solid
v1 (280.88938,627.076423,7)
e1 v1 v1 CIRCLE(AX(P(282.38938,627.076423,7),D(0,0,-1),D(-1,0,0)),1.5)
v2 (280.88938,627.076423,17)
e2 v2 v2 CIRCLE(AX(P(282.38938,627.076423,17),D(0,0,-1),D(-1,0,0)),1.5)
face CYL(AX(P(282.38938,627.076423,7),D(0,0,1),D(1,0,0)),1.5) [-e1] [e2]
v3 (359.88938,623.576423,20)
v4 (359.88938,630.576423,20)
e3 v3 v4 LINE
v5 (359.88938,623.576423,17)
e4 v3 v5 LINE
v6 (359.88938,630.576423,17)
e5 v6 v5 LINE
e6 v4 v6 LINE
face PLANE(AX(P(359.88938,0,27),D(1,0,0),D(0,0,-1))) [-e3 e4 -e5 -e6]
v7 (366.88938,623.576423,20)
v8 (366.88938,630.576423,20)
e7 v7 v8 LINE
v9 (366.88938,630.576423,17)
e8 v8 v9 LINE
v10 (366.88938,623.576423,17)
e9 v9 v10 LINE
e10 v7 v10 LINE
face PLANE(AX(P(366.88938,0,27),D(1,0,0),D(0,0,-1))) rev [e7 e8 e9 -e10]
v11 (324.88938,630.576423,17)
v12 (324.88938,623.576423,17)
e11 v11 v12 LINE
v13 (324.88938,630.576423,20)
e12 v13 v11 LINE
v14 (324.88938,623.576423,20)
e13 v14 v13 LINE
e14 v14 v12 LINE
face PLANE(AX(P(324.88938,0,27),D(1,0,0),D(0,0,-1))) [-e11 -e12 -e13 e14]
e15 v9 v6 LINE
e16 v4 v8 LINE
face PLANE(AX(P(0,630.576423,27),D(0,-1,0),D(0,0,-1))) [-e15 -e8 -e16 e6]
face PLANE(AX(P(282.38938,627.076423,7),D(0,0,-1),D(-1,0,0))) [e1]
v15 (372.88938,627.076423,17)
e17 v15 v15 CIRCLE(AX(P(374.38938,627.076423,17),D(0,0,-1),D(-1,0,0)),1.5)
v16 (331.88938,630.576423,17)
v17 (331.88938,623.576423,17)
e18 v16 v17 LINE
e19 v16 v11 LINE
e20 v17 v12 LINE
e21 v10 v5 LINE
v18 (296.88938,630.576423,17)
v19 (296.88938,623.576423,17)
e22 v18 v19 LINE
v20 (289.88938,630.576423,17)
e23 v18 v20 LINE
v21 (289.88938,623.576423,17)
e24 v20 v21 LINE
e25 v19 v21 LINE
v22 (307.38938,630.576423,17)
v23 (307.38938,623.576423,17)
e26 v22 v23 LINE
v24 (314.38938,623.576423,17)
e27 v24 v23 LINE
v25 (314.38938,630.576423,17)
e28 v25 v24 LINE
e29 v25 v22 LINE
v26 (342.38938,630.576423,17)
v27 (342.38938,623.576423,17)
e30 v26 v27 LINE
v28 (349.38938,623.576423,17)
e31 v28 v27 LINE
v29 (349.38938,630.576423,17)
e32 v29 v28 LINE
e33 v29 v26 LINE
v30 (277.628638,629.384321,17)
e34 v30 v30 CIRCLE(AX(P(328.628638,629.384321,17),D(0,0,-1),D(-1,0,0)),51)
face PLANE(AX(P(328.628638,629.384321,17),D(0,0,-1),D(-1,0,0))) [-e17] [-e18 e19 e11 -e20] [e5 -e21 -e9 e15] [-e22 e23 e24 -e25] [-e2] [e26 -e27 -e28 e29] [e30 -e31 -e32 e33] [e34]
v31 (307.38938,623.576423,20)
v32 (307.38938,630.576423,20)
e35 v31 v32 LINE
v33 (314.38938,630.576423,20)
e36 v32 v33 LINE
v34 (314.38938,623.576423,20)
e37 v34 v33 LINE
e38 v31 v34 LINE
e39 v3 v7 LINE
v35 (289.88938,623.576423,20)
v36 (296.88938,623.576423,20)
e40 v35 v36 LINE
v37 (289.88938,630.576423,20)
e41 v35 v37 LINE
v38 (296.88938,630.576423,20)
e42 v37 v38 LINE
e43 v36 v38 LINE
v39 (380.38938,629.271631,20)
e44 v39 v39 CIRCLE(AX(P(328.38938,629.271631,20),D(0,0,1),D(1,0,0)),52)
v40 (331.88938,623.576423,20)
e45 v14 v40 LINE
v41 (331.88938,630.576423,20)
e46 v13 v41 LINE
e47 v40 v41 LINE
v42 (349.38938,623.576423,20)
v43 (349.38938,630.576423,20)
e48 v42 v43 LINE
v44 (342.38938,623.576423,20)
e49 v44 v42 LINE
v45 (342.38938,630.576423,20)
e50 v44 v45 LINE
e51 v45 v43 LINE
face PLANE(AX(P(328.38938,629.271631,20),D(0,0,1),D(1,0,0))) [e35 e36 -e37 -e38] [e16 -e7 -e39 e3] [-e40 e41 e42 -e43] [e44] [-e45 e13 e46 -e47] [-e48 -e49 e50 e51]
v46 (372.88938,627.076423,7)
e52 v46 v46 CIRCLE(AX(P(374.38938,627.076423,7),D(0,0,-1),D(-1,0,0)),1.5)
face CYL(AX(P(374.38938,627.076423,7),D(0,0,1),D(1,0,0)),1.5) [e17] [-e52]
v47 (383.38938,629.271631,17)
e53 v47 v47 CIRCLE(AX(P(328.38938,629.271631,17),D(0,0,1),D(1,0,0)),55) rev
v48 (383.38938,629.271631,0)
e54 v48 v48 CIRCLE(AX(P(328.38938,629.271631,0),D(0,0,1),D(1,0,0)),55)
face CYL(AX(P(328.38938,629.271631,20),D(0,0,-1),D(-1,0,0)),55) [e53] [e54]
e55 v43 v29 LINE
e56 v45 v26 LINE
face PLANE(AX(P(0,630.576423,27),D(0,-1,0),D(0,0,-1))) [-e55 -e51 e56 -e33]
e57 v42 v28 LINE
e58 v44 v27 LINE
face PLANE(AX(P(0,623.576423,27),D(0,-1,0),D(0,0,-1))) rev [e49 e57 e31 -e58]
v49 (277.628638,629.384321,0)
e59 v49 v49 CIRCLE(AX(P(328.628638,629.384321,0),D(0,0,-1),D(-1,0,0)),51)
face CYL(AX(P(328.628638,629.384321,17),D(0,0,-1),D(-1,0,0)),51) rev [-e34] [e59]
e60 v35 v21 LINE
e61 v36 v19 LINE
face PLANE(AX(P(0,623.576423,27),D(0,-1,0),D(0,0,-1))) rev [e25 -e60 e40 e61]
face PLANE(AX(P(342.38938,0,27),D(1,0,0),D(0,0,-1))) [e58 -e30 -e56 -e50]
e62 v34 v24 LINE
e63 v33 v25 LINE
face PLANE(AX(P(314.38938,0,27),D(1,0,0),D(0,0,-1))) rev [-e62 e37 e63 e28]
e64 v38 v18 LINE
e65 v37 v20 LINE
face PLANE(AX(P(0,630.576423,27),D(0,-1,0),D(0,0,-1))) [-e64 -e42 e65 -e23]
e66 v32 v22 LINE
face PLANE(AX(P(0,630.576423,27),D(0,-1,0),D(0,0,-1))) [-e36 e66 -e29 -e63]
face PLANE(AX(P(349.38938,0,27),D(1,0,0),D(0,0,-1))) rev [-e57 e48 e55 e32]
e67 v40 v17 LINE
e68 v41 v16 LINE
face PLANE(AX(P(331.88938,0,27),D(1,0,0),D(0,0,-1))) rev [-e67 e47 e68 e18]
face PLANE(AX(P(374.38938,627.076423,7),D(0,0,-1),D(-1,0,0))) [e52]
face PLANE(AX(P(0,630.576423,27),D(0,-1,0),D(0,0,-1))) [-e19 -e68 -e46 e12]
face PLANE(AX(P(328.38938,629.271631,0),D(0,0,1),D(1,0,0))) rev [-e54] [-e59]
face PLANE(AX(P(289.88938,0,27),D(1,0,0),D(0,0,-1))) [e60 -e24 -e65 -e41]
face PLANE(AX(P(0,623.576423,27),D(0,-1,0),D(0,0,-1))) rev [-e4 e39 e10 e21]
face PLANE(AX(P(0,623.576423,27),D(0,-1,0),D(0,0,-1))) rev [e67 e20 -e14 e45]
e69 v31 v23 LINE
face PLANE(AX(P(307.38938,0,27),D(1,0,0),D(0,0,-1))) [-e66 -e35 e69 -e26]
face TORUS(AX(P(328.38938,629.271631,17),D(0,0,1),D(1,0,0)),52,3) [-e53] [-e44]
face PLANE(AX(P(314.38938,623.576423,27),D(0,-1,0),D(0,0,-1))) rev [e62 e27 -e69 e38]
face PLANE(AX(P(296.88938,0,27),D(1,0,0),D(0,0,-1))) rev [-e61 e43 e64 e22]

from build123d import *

# Parameters (mm, degrees)
SKETCH1_R           = 55
BOSS_EXTRUDE2_DEPTH = 20
SKETCH2_R           = 51
CUT_EXTRUDE1_DEPTH  = 17
SKETCH10_R          = 1.5
BOSS_EXTRUDE3_DEPTH = 10
SKETCH10_3_W        = 7
SKETCH10_3_H        = 7
CUT_EXTRUDE4_DEPTH  = 10
FILLET1_R           = 3


with BuildPart() as part:
    # Sketch1 → Boss-Extrude2 (new body)
    with BuildSketch(Plane.XY):
        with Locations((328.389379834, 629.271631436)):
            Circle(SKETCH1_R)
    extrude(amount=BOSS_EXTRUDE2_DEPTH)

    # Sketch2 → Cut-Extrude1 (cut)
    with BuildSketch(Plane(origin=(0, 0, 0), x_dir=(-1, 0, 0), z_dir=(0, 0, -1))):
        with Locations((-328.628637891, 629.384320649)):
            Circle(SKETCH2_R)
    extrude(amount=-CUT_EXTRUDE1_DEPTH, mode=Mode.SUBTRACT)

    # Sketch10 → Boss-Extrude3 (add)
    with BuildSketch(Plane(origin=(0, 0, 17), x_dir=(-1, 0, 0), z_dir=(0, 0, -1))):
        with Locations((-374.389379834, 627.076422512)):
            Circle(SKETCH10_R)
        with Locations((-282.389379834, 627.076422512)):
            Circle(SKETCH10_R)
    extrude(amount=BOSS_EXTRUDE3_DEPTH)

    # Sketch10<3> → Cut-Extrude4 (cut)
    with BuildSketch(Plane(origin=(0, 0, 17), x_dir=(-1, 0, 0), z_dir=(0, 0, -1))):
        with Locations((-328.389379834, 627.076422512)):
            Rectangle(SKETCH10_3_W, SKETCH10_3_H)
        with Locations((-310.889379834, 627.076422512)):
            Rectangle(SKETCH10_3_W, SKETCH10_3_H)
        with Locations((-293.389379834, 627.076422512)):
            Rectangle(SKETCH10_3_W, SKETCH10_3_H)
        with Locations((-345.889379834, 627.076422512)):
            Rectangle(SKETCH10_3_W, SKETCH10_3_H)
        with Locations((-363.389379834, 627.076422512)):
            Rectangle(SKETCH10_3_W, SKETCH10_3_H)
    extrude(amount=-CUT_EXTRUDE4_DEPTH, mode=Mode.SUBTRACT)

    # Fillet1
    fillet1_edges = [part.edges().sort_by_distance(p)[0] for p in [
        (273.389379834, 629.271631436, 20),
    ]]
    fillet(fillet1_edges, radius=FILLET1_R)


solid = part.part
